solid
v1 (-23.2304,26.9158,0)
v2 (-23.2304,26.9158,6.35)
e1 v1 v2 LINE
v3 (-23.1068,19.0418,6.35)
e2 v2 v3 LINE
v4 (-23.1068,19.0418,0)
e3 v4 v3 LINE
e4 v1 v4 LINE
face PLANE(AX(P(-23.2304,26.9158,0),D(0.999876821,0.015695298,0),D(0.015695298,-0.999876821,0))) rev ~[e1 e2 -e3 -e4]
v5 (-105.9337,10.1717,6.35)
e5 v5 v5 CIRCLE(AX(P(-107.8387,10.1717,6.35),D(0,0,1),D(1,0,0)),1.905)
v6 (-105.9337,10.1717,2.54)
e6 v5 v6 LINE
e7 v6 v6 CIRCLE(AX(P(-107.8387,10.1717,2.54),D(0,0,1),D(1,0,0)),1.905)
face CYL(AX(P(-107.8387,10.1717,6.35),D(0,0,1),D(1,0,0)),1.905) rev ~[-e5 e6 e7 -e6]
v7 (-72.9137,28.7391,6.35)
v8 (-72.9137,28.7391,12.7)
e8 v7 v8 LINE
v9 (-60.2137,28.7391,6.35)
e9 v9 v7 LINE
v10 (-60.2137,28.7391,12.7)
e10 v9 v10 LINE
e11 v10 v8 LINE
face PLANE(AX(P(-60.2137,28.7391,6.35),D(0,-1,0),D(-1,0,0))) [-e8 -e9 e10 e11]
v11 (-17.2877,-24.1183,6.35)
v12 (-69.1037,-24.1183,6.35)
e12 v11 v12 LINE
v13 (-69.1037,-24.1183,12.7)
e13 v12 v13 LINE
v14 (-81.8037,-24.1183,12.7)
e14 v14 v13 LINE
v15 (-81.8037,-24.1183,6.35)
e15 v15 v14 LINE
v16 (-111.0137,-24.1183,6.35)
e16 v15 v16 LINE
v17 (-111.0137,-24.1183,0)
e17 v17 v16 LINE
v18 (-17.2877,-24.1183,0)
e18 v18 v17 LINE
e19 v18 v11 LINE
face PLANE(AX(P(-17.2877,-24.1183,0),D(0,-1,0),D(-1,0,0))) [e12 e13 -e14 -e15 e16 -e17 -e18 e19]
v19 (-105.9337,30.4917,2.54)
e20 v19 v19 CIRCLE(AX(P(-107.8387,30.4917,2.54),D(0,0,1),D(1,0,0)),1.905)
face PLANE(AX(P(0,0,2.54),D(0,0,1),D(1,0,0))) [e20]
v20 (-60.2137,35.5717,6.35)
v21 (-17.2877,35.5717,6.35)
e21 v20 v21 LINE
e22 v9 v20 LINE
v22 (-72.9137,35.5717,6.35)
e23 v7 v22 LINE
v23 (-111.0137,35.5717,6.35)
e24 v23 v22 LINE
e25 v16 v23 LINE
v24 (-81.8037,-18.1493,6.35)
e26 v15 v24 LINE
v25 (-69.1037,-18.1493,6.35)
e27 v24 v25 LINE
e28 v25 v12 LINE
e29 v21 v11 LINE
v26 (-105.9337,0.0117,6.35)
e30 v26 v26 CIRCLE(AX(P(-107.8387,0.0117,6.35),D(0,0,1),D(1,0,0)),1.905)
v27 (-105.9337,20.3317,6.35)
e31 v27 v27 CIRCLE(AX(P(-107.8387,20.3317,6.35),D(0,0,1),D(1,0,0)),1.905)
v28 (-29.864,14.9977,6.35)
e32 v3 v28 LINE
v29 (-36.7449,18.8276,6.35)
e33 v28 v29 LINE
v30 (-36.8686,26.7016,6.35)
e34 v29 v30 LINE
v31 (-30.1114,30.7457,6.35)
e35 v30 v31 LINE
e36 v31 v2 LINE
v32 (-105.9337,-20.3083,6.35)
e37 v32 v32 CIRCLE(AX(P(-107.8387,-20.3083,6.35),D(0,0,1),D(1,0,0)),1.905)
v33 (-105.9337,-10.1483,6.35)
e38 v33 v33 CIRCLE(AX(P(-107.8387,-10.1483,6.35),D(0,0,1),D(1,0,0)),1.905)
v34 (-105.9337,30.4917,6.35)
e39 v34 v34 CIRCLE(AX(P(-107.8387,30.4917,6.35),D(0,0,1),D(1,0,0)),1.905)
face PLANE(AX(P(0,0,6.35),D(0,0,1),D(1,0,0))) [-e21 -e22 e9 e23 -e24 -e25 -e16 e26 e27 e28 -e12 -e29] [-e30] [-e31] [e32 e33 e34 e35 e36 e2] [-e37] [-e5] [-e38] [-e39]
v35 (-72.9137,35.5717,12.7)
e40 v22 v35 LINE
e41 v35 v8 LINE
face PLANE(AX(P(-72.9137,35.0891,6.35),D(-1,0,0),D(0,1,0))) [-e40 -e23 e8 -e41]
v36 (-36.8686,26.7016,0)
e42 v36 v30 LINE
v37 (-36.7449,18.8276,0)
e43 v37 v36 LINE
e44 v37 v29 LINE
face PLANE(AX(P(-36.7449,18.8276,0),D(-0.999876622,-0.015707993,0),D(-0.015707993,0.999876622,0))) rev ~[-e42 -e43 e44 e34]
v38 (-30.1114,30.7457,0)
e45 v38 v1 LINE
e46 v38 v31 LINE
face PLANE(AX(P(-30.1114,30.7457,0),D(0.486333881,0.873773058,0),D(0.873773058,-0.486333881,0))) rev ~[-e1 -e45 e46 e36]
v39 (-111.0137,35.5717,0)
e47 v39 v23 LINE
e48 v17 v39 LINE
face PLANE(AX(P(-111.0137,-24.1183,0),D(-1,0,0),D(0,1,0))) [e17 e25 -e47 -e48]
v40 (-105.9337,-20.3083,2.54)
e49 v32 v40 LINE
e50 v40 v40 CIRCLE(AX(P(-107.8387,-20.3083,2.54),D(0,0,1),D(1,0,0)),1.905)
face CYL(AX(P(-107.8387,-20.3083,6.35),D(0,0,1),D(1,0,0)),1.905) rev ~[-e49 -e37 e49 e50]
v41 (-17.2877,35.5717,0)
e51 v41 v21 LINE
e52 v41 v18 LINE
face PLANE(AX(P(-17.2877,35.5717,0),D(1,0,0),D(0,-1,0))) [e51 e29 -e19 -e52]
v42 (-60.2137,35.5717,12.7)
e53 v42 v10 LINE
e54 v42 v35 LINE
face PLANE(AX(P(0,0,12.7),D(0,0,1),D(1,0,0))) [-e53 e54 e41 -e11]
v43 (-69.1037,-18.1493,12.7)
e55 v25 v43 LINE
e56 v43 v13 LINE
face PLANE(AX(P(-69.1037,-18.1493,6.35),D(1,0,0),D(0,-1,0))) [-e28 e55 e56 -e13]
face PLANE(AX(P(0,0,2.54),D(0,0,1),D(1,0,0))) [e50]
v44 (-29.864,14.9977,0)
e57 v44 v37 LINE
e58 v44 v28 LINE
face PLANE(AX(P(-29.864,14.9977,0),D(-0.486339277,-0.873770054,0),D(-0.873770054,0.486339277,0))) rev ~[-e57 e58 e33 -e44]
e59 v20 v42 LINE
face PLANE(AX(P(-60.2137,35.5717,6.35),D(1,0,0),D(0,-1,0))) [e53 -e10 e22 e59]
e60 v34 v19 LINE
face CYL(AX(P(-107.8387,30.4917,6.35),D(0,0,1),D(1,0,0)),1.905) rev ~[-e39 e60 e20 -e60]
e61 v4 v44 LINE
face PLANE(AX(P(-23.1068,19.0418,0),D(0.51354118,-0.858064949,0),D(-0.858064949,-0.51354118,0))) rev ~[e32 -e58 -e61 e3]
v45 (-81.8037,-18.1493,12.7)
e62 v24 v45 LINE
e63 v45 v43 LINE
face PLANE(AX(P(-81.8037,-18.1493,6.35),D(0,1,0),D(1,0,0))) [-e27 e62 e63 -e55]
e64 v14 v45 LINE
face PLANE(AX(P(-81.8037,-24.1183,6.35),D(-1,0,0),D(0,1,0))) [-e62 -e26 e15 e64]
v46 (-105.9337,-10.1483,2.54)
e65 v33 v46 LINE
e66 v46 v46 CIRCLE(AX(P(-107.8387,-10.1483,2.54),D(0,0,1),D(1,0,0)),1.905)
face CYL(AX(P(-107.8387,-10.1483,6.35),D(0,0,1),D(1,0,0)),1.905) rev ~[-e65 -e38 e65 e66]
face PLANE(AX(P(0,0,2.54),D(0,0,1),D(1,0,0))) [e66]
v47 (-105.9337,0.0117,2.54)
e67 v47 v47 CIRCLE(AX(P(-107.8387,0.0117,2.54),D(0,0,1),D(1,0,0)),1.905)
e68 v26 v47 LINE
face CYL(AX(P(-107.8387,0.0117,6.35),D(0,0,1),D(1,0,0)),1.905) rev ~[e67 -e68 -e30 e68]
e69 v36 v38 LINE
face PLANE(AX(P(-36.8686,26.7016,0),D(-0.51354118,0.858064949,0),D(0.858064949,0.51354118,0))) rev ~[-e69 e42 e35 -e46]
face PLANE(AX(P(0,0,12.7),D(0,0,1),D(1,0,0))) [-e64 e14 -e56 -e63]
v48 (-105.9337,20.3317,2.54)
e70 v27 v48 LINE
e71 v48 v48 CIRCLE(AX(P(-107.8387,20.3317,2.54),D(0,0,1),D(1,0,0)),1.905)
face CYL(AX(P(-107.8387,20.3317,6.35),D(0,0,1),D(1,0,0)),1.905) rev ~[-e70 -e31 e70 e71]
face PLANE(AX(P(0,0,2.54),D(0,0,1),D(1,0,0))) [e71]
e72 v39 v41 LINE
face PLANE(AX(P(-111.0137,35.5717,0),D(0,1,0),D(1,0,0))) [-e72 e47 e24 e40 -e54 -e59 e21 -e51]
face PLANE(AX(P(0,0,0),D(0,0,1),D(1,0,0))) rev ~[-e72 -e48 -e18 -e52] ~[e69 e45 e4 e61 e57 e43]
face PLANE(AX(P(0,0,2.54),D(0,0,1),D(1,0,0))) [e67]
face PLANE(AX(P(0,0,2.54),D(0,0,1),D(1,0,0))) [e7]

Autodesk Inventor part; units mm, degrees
ref_plane "YZ Plane" through (0, 0, 0) normal (1, 0, 0) x (0, 1, 0)
ref_plane "XZ Plane" through (0, 0, 0) normal (0, 1, 0) x (-1, 0, 0)
ref_plane "XY Plane" through (0, 0, 0) normal (0, 0, 1) x (1, 0, 0)
sketch "Sketch2" plane through (0, 0, 0) normal (0, 0, 1) x (1, 0, 0)
  line L0 (-36.8686, 26.7016) -> (-30.1114, 30.7457)
  line L1 (-30.1114, 30.7457) -> (-23.2304, 26.9158)
  line L2 (-23.2304, 26.9158) -> (-23.1068, 19.0418)
  line L3 (-23.1068, 19.0418) -> (-29.864, 14.9977)
  line L4 (-29.864, 14.9977) -> (-36.7449, 18.8276)
  line L5 (-36.7449, 18.8276) -> (-36.8686, 26.7016)
  line L6 (-111.0137, 35.5717) -> (-17.2877, 35.5717)
  line L7 (-17.2877, 35.5717) -> (-17.2877, -24.1183)
  line L8 (-17.2877, -24.1183) -> (-111.0137, -24.1183)
  line L9 (-111.0137, -24.1183) -> (-111.0137, 35.5717)
  line L10 (-101.137, 28.7391) -> (-70.6621, 28.7391)
  line L11 (-70.6621, 28.7391) -> (-70.6621, -18.2509)
  line L12 (-70.6621, -18.2509) -> (-101.137, -18.2509)
  line L13 (-101.137, -18.2509) -> (-101.137, 28.7391)
  point P0 (0, 0)
  point P1 (-29.9877, 22.8717)
  dimension "d1" = 7.874
  dimension "d3" = 59.69
  dimension "d5" = 12.7
  dimension "d6" = 93.726
  dimension "d39" = 46.99
  dimension "d41" = 6.8326
  dimension "d42" = 5.8674
  dimension "d43" = 12.7
extrude "Extrusion1" add sketch "Sketch2" along normal blind 6.35 contours L6 L7 L8 L9 | L10 L11 L12 L13
sketch "Sketch3" plane through (0, 0, 6.35) normal (0, 0, 1) x (1, 0, 0)
  circle A0 centre (-107.8387, 30.4917) radius 1.905
  line L0 (-17.2877, 35.5717) -> (-111.0137, 35.5717) projected
  line L1 (-111.0137, 35.5717) -> (-111.0137, -24.1183) projected
  circle A1 centre (-107.8387, 20.3317) radius 1.905
  circle A2 centre (-107.8387, -10.1483) radius 1.905
  circle A3 centre (-107.8387, -20.3083) radius 1.905
  line L2 (-111.0137, -24.1183) -> (-17.2877, -24.1183) projected
  circle A4 centre (-107.8387, 10.1717) radius 1.905
  circle A5 centre (-107.8387, 0.0117) radius 1.905
  point P0 (0, 0)
  dimension "d9" = 3.81
  dimension "d10" = 5.08
  dimension "d11" = 3.175
  dimension "d13" = 3.81
  dimension "d14" = 3.81
  dimension "d15" = 3.81
  dimension "d17" = 3.175
  dimension "d18" = 3.175
  dimension "d19" = 3.175
  dimension "d21" = 10.16
  dimension "d24" = 3.81
  dimension "d25" = 3.81
  dimension "d26" = 3.175
  dimension "d27" = 3.175
  dimension "d28" = 10.16
  dimension "d29" = 10.16
  dimension "d33" = 10.16
  dimension "d44" = 10.16
extrude "Extrusion2" cut sketch "Sketch3" against normal blind 3.81
sketch "Sketch4" plane through (0, 0, 6.35) normal (0, 0, 1) x (1, 0, 0)
  line L0 (-17.2877, 35.5717) -> (-111.0137, 35.5717) projected
  line L1 (-72.9137, 35.5717) -> (-60.2137, 35.5717)
  line L2 (-60.2137, 35.5717) -> (-60.2137, 35.0891)
  line L3 (-60.2137, 35.0891) -> (-72.9137, 35.0891)
  line L4 (-72.9137, 35.0891) -> (-72.9137, 35.5717)
  line L5 (-111.0137, -24.1183) -> (-17.2877, -24.1183) projected
  line L6 (-111.0137, 35.5717) -> (-111.0137, -24.1183) projected
  line L7 (-72.9137, 35.5717) -> (-60.2137, 35.5717)
  line L8 (-60.2137, 35.5717) -> (-60.2137, 28.7391)
  line L9 (-60.2137, 28.7391) -> (-72.9137, 28.7391)
  line L10 (-72.9137, 28.7391) -> (-72.9137, 35.5717)
  line L11 (-69.1037, -24.1183) -> (-81.8037, -24.1183)
  line L12 (-81.8037, -24.1183) -> (-81.8037, -18.1493)
  line L13 (-81.8037, -18.1493) -> (-69.1037, -18.1493)
  line L14 (-69.1037, -18.1493) -> (-69.1037, -24.1183)
  point P0 (0, 0)
  dimension "d34" = 59.2074
  dimension "d35" = 12.7
  dimension "d36" = 38.1
  dimension "d45" = 6.8326
  dimension "d46" = 12.7
  dimension "d47" = 5.969
  dimension "d48" = 29.21
extrude "Extrusion3" add sketch "Sketch4" along normal blind 6.35
properties part number "polyhexpart"
